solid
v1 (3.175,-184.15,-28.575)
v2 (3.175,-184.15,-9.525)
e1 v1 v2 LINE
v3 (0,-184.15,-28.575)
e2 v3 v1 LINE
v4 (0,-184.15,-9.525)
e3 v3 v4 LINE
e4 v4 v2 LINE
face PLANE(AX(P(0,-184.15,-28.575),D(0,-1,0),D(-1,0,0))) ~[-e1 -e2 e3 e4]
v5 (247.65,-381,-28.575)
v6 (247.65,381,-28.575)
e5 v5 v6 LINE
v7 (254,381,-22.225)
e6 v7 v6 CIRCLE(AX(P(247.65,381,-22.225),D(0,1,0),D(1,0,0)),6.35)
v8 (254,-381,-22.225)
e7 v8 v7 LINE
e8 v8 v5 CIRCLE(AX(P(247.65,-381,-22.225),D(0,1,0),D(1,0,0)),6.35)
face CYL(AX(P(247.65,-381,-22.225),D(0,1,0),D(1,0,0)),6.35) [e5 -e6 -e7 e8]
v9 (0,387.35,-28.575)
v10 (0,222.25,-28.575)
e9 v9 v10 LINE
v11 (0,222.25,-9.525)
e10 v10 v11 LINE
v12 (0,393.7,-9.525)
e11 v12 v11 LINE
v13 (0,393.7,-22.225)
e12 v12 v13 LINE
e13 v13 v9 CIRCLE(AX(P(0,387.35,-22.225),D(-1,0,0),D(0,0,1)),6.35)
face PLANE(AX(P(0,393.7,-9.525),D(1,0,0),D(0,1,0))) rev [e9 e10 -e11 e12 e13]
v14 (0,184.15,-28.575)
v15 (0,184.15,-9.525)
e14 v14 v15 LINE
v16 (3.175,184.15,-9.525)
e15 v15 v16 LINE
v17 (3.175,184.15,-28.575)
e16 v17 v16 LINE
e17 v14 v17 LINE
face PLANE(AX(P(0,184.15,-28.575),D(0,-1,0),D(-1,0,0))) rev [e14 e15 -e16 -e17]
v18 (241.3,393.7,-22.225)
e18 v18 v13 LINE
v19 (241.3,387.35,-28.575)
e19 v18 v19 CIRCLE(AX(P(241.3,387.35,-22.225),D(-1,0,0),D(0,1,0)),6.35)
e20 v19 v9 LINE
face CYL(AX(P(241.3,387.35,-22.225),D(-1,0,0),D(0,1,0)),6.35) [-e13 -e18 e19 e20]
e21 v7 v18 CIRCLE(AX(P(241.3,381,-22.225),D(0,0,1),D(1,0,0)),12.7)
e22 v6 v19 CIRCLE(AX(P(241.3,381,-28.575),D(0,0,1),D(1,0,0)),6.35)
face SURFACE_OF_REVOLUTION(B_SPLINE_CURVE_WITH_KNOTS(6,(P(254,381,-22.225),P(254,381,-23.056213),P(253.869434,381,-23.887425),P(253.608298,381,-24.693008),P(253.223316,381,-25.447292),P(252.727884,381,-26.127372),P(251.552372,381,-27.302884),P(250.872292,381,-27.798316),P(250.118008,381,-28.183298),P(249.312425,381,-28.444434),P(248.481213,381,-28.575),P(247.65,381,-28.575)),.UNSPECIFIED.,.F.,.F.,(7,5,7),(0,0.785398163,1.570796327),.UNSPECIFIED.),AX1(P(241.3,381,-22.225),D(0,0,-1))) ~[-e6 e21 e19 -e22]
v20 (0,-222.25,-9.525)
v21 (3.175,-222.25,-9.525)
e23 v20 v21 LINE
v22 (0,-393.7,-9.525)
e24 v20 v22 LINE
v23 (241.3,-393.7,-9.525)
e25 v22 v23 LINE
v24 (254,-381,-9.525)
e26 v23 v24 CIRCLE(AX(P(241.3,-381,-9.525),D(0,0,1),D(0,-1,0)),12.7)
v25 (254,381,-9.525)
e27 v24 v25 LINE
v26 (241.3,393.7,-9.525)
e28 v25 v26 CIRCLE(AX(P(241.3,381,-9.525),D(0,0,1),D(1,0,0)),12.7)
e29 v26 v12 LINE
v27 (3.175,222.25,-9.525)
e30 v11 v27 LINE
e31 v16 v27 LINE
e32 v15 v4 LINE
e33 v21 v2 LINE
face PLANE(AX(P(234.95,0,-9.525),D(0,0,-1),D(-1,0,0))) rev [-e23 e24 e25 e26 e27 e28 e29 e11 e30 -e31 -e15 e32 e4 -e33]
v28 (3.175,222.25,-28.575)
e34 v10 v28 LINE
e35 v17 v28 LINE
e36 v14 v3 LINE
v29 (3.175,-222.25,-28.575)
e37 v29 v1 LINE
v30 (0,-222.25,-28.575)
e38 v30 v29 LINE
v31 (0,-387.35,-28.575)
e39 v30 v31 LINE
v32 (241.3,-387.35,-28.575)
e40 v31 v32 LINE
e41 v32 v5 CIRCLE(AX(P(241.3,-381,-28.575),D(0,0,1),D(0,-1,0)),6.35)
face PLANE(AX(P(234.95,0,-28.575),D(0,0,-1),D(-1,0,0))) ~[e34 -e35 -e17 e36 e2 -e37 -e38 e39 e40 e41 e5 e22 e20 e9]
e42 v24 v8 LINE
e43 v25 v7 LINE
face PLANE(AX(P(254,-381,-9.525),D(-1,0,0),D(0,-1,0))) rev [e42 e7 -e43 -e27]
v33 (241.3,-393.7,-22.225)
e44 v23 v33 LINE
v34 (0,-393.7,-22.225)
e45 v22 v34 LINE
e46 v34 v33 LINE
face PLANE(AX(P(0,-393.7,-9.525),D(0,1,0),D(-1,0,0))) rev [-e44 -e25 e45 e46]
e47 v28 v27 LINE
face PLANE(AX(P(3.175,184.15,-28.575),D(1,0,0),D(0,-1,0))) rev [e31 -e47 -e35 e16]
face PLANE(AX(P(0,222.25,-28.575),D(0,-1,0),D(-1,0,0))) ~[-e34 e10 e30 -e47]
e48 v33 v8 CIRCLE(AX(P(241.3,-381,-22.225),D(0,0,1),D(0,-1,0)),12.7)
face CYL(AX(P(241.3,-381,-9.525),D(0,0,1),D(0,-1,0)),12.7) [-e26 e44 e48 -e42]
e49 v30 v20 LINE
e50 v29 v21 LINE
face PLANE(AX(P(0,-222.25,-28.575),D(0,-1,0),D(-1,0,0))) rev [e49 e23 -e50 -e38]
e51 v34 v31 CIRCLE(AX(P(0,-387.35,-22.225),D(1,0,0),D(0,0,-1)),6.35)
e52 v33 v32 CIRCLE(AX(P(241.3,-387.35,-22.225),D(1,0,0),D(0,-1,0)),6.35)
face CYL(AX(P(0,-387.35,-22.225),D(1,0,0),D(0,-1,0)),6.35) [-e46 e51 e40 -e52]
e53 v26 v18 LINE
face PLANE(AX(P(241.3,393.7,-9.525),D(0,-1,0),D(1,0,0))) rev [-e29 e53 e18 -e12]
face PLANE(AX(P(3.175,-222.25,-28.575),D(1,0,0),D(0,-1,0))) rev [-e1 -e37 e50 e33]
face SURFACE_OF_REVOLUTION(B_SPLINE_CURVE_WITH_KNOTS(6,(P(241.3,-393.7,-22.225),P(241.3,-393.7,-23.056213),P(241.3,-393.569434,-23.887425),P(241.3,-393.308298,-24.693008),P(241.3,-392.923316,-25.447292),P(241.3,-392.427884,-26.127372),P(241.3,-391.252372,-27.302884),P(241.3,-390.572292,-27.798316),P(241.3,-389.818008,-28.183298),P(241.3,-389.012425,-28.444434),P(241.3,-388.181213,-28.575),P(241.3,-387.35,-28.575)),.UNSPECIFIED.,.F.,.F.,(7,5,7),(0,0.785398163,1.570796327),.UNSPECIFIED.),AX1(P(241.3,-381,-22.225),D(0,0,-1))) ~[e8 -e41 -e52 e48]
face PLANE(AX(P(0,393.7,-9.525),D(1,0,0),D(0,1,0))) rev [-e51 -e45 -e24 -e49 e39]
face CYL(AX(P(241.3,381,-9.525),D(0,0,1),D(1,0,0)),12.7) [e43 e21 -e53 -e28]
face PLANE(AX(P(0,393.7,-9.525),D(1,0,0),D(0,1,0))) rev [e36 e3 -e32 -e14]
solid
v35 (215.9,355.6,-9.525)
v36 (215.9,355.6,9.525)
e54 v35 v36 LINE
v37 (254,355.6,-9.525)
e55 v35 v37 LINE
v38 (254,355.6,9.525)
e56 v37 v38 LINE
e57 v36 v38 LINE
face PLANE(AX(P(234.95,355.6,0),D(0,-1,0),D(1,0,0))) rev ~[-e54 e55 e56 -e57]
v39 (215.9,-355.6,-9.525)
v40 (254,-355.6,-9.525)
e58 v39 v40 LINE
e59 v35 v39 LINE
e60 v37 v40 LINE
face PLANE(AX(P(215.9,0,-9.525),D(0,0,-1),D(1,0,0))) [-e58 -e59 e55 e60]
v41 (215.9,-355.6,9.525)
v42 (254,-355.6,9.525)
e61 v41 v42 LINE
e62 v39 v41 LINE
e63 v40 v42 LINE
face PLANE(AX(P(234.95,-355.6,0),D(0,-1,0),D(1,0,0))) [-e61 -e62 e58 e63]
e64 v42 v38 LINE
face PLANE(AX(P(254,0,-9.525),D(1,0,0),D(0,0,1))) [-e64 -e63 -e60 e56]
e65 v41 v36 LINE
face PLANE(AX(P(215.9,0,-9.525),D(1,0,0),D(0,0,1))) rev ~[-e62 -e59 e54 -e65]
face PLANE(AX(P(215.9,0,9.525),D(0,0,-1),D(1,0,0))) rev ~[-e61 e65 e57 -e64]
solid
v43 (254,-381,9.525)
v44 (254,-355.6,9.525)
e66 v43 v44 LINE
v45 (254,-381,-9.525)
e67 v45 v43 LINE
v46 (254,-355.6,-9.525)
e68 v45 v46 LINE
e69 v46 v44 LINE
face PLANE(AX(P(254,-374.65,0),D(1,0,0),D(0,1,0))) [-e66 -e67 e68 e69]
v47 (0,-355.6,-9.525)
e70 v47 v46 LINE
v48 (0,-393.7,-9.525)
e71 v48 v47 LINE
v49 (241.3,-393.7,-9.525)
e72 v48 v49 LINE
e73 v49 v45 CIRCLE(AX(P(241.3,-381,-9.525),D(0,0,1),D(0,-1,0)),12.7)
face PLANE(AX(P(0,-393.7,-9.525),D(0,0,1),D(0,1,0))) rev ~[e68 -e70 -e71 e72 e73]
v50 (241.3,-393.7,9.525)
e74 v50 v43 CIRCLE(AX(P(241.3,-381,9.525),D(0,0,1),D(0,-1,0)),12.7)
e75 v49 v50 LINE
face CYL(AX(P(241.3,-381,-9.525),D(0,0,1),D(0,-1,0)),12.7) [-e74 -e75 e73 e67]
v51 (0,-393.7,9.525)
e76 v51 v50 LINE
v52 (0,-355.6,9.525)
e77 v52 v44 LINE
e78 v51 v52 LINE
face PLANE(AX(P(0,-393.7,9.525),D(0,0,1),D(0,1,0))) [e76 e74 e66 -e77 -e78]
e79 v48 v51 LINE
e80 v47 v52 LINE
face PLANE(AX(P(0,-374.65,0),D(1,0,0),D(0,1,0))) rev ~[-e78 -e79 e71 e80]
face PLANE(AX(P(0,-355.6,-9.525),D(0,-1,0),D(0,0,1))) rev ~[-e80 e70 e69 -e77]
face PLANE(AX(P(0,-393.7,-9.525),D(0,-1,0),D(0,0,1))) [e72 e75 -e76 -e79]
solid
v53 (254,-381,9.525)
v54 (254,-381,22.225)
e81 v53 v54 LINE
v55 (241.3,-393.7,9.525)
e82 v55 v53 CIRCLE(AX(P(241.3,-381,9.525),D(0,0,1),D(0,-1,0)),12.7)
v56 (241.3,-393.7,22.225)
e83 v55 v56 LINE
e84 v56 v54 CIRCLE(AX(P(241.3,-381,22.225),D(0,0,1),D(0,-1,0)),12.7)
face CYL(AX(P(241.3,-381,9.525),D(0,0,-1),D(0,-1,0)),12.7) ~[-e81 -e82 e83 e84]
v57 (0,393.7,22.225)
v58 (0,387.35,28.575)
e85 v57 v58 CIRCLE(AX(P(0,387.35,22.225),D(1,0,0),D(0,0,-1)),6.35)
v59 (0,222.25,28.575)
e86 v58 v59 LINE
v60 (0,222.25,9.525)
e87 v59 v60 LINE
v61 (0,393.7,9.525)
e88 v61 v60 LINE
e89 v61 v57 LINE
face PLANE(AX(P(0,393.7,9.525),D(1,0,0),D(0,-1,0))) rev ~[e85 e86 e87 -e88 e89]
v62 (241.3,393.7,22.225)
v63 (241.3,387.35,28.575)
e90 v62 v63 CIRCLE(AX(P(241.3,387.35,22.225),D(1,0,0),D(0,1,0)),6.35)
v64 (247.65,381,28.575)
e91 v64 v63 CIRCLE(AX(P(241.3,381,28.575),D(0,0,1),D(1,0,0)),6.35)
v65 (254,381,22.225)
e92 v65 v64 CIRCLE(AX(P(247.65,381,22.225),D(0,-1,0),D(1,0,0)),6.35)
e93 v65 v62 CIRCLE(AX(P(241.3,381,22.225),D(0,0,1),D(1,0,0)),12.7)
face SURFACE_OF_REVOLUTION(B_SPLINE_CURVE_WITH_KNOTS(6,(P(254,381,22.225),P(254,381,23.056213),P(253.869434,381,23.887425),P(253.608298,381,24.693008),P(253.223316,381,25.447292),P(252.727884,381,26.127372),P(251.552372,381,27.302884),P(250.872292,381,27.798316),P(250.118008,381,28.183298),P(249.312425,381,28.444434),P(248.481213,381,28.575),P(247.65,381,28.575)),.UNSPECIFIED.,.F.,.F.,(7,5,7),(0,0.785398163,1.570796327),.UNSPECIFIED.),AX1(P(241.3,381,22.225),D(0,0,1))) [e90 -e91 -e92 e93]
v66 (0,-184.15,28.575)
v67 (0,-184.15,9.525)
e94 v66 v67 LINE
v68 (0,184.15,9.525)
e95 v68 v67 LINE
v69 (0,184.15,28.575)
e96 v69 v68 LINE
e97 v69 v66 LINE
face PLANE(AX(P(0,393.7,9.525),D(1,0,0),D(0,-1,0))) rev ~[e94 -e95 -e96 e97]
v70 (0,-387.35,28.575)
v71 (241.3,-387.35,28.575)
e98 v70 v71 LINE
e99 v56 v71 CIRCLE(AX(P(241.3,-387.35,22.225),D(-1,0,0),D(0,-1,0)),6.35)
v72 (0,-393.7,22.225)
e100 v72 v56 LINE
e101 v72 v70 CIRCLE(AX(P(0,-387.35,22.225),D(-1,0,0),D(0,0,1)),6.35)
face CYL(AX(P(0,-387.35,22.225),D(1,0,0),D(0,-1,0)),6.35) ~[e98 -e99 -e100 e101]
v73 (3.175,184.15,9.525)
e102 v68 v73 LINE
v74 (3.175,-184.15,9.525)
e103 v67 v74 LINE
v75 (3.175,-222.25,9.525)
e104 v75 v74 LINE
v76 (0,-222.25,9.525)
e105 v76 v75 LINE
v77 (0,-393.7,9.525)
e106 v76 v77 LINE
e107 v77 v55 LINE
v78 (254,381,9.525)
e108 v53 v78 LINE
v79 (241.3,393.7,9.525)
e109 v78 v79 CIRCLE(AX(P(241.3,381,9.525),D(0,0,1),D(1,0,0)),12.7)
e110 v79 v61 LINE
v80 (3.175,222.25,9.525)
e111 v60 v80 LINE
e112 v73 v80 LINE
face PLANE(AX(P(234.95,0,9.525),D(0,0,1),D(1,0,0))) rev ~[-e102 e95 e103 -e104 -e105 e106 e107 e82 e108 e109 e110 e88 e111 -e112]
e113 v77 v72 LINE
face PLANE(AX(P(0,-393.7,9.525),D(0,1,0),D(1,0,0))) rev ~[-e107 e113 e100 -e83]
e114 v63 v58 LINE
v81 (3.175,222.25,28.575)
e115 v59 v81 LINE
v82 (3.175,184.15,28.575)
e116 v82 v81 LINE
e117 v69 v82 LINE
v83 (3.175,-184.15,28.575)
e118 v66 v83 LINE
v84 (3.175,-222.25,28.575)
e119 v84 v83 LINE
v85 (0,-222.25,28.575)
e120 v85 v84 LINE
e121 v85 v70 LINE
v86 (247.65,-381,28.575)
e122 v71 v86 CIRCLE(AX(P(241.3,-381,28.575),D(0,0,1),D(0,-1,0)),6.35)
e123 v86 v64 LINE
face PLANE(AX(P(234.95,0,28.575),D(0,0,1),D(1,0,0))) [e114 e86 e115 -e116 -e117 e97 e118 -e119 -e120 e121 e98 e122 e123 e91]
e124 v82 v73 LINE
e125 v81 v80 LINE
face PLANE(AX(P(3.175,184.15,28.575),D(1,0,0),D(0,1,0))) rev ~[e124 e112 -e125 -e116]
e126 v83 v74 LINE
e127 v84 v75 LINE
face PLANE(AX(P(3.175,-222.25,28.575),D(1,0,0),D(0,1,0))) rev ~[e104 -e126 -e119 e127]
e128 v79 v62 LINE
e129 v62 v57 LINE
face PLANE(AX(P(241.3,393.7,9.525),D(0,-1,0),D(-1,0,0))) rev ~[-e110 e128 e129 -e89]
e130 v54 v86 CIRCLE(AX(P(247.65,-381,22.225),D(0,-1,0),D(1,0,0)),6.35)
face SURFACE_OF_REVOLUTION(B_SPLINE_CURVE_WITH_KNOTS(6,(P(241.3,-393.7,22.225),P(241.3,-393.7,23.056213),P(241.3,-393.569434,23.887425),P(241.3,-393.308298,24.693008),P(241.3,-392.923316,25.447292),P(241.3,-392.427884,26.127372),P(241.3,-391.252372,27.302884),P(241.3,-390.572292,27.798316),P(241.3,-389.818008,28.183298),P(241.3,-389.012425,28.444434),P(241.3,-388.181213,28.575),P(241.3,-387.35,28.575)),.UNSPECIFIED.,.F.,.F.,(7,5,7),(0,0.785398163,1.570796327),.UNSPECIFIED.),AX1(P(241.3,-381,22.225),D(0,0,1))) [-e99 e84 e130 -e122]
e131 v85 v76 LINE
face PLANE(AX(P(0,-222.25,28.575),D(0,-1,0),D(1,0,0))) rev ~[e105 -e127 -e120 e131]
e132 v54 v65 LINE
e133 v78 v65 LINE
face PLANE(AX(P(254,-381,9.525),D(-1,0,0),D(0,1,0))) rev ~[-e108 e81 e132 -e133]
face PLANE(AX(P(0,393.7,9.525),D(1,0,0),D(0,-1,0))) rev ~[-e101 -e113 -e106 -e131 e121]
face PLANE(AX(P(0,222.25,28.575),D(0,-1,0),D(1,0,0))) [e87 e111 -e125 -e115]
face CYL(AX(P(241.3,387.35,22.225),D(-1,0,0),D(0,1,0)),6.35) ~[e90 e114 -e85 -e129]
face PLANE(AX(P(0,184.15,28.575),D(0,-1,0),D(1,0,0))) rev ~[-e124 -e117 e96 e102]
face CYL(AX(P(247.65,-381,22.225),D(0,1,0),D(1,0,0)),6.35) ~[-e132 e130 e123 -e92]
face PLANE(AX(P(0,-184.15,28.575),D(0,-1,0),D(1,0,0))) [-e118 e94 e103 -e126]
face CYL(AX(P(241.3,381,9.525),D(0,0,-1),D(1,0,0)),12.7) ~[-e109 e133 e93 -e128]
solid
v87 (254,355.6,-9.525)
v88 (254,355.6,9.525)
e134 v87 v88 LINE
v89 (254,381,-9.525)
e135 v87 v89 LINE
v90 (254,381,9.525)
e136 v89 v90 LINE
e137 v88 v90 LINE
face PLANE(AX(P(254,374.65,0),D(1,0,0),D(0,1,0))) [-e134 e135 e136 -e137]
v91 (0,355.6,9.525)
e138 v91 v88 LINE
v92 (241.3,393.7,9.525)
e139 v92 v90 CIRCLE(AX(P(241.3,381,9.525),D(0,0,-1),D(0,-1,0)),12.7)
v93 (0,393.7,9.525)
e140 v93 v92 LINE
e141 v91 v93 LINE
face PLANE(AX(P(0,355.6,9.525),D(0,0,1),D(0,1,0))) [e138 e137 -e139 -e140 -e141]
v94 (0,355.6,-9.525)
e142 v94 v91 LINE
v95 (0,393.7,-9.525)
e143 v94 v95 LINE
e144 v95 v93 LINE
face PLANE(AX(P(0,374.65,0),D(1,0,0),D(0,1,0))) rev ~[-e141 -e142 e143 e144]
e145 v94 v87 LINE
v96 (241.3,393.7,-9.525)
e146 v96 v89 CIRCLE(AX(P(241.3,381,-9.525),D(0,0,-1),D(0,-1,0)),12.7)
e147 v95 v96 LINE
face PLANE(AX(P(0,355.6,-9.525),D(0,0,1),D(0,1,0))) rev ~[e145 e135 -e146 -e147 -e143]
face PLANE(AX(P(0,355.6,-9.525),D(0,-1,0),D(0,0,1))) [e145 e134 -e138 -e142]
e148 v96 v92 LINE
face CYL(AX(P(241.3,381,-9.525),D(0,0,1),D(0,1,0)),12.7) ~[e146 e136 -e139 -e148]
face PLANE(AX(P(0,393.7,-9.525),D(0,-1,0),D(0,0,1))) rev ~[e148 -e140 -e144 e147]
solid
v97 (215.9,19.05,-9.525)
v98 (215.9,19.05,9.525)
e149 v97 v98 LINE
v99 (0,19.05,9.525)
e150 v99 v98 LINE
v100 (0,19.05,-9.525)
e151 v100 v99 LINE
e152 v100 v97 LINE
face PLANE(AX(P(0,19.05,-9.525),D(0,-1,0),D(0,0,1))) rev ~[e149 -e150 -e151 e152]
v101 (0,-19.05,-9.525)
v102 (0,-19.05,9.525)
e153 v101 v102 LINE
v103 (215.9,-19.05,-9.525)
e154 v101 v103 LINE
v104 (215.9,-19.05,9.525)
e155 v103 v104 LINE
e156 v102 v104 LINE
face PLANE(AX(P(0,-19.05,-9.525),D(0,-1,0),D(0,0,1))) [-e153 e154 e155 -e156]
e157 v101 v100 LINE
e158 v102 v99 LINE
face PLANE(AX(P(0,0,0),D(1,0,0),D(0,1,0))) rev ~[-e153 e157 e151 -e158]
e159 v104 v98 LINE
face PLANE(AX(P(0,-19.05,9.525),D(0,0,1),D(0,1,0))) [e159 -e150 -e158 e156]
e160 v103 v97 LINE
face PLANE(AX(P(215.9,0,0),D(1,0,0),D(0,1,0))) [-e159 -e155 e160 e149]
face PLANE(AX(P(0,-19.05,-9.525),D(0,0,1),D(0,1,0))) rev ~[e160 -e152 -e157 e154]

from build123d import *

# Parameters (mm, degrees)
F0_W      = 38.1
F0_H      = 19.05
F1_DEPTH  = 254
F2_W      = 38.1
F2_H      = 19.05
F3_DEPTH  = 355.6
F4_DEPTH  = 215.9
F5_R      = 12.7
F5_2_R    = 12.7
F6_W      = 38.1
F6_H      = 711.2
F7_DEPTH  = 19.05
F9_R      = 6.35
F8_W      = 3.175
F8_H      = 38.1
F11_DEPTH = 57.1510001


with BuildPart() as f1:
    # F0 (on Right) → F1 (new body)
    with BuildSketch(Plane.YZ):
        with Locations((-374.65, 0)):
            Rectangle(F0_W, F0_H)
    extrude(amount=F1_DEPTH)

    # F5
    f5_edges = [f1.edges().sort_by_distance(p)[0] for p in [
        (254, -393.7, 0),
    ]]
    fillet(f5_edges, radius=F5_R)


with BuildPart() as f1b:
    # F0 (on Right) → F1, piece 2 (new body)
    with BuildSketch(Plane.YZ):
        with Locations((374.65, 0)):
            Rectangle(F0_W, F0_H)
    extrude(amount=F1_DEPTH)

    # F5#2
    f5_2_edges = [f1b.edges().sort_by_distance(p)[0] for p in [
        (254, 393.7, 0),
    ]]
    fillet(f5_2_edges, radius=F5_2_R)


with BuildPart() as f3:
    # F2 (on Front) → F3 (new body, symmetric)
    with BuildSketch(Plane.XZ):
        with Locations((234.95, 0)):
            Rectangle(F2_W, F2_H)
    extrude(amount=F3_DEPTH, both=True)


with BuildPart() as f4:
    # F0 (on Right) → F4 (new body, through all)
    with BuildSketch(Plane.YZ):
        Rectangle(F0_W, F0_H)
    extrude(amount=F4_DEPTH)


with BuildPart() as f7:
    # F6 (on face) → F7 (new body)
    with BuildSketch(Plane.XY.offset(9.525)):
        with Locations((234.95, 0)):
            Rectangle(F6_W, F6_H)
        with BuildLine():
            Line((0, 393.7), (0, 355.6))
            Line((0, 355.6), (215.9, 355.6))
            Line((215.9, 355.6), (254, 355.6))
            Line((254, 355.6), (254, 381))
            ThreePointArc((254, 381), (250.2802561211, 389.9802561211), (241.3, 393.7))
            Line((241.3, 393.7), (0, 393.7))
        make_face()
        with BuildLine():
            Line((0, -393.7), (241.3, -393.7))
            ThreePointArc((241.3, -393.7), (250.2802561211, -389.9802561211), (254, -381))
            Line((254, -381), (254, -355.6))
            Line((254, -355.6), (215.9, -355.6))
            Line((215.9, -355.6), (215.9, 355.6))
            Line((215.9, 355.6), (0, 355.6))
            Line((0, 355.6), (0, -393.7))
        make_face()
    extrude(amount=F7_DEPTH)

    # F9
    f9_edges = [f7.edges().sort_by_distance(p)[0] for p in [
        (120.65, -393.7, 28.575),
    ]]
    fillet(f9_edges, radius=F9_R)


with BuildPart() as f10_1:
    # F10: instance of F7
    add(f7.part.mirror(Plane.XY))


with BuildPart() as f11_tool:
    # F8 (on face) → F11 (new body, through all)
    with BuildSketch(Plane.XY.offset(28.575)):
        with Locations((1.5875, -203.2)):
            Rectangle(F8_W, F8_H)
        with Locations((1.5875, 203.2)):
            Rectangle(F8_W, F8_H)
    extrude(amount=-F11_DEPTH)


with BuildPart() as f7_1:
    add(f7.part)

    # F11: cut by f11_tool
    add(f11_tool.part, mode=Mode.SUBTRACT)


with BuildPart() as f10_1_1:
    add(f10_1.part)

    # F11: cut by f11_tool
    add(f11_tool.part, mode=Mode.SUBTRACT)


with BuildPart() as f13_1:
    # F13: instance of F7
    add(f7_1.part.mirror(Plane.XY))


solid = Compound([f1.part, f1b.part, f3.part, f4.part, f7_1.part, f13_1.part])
